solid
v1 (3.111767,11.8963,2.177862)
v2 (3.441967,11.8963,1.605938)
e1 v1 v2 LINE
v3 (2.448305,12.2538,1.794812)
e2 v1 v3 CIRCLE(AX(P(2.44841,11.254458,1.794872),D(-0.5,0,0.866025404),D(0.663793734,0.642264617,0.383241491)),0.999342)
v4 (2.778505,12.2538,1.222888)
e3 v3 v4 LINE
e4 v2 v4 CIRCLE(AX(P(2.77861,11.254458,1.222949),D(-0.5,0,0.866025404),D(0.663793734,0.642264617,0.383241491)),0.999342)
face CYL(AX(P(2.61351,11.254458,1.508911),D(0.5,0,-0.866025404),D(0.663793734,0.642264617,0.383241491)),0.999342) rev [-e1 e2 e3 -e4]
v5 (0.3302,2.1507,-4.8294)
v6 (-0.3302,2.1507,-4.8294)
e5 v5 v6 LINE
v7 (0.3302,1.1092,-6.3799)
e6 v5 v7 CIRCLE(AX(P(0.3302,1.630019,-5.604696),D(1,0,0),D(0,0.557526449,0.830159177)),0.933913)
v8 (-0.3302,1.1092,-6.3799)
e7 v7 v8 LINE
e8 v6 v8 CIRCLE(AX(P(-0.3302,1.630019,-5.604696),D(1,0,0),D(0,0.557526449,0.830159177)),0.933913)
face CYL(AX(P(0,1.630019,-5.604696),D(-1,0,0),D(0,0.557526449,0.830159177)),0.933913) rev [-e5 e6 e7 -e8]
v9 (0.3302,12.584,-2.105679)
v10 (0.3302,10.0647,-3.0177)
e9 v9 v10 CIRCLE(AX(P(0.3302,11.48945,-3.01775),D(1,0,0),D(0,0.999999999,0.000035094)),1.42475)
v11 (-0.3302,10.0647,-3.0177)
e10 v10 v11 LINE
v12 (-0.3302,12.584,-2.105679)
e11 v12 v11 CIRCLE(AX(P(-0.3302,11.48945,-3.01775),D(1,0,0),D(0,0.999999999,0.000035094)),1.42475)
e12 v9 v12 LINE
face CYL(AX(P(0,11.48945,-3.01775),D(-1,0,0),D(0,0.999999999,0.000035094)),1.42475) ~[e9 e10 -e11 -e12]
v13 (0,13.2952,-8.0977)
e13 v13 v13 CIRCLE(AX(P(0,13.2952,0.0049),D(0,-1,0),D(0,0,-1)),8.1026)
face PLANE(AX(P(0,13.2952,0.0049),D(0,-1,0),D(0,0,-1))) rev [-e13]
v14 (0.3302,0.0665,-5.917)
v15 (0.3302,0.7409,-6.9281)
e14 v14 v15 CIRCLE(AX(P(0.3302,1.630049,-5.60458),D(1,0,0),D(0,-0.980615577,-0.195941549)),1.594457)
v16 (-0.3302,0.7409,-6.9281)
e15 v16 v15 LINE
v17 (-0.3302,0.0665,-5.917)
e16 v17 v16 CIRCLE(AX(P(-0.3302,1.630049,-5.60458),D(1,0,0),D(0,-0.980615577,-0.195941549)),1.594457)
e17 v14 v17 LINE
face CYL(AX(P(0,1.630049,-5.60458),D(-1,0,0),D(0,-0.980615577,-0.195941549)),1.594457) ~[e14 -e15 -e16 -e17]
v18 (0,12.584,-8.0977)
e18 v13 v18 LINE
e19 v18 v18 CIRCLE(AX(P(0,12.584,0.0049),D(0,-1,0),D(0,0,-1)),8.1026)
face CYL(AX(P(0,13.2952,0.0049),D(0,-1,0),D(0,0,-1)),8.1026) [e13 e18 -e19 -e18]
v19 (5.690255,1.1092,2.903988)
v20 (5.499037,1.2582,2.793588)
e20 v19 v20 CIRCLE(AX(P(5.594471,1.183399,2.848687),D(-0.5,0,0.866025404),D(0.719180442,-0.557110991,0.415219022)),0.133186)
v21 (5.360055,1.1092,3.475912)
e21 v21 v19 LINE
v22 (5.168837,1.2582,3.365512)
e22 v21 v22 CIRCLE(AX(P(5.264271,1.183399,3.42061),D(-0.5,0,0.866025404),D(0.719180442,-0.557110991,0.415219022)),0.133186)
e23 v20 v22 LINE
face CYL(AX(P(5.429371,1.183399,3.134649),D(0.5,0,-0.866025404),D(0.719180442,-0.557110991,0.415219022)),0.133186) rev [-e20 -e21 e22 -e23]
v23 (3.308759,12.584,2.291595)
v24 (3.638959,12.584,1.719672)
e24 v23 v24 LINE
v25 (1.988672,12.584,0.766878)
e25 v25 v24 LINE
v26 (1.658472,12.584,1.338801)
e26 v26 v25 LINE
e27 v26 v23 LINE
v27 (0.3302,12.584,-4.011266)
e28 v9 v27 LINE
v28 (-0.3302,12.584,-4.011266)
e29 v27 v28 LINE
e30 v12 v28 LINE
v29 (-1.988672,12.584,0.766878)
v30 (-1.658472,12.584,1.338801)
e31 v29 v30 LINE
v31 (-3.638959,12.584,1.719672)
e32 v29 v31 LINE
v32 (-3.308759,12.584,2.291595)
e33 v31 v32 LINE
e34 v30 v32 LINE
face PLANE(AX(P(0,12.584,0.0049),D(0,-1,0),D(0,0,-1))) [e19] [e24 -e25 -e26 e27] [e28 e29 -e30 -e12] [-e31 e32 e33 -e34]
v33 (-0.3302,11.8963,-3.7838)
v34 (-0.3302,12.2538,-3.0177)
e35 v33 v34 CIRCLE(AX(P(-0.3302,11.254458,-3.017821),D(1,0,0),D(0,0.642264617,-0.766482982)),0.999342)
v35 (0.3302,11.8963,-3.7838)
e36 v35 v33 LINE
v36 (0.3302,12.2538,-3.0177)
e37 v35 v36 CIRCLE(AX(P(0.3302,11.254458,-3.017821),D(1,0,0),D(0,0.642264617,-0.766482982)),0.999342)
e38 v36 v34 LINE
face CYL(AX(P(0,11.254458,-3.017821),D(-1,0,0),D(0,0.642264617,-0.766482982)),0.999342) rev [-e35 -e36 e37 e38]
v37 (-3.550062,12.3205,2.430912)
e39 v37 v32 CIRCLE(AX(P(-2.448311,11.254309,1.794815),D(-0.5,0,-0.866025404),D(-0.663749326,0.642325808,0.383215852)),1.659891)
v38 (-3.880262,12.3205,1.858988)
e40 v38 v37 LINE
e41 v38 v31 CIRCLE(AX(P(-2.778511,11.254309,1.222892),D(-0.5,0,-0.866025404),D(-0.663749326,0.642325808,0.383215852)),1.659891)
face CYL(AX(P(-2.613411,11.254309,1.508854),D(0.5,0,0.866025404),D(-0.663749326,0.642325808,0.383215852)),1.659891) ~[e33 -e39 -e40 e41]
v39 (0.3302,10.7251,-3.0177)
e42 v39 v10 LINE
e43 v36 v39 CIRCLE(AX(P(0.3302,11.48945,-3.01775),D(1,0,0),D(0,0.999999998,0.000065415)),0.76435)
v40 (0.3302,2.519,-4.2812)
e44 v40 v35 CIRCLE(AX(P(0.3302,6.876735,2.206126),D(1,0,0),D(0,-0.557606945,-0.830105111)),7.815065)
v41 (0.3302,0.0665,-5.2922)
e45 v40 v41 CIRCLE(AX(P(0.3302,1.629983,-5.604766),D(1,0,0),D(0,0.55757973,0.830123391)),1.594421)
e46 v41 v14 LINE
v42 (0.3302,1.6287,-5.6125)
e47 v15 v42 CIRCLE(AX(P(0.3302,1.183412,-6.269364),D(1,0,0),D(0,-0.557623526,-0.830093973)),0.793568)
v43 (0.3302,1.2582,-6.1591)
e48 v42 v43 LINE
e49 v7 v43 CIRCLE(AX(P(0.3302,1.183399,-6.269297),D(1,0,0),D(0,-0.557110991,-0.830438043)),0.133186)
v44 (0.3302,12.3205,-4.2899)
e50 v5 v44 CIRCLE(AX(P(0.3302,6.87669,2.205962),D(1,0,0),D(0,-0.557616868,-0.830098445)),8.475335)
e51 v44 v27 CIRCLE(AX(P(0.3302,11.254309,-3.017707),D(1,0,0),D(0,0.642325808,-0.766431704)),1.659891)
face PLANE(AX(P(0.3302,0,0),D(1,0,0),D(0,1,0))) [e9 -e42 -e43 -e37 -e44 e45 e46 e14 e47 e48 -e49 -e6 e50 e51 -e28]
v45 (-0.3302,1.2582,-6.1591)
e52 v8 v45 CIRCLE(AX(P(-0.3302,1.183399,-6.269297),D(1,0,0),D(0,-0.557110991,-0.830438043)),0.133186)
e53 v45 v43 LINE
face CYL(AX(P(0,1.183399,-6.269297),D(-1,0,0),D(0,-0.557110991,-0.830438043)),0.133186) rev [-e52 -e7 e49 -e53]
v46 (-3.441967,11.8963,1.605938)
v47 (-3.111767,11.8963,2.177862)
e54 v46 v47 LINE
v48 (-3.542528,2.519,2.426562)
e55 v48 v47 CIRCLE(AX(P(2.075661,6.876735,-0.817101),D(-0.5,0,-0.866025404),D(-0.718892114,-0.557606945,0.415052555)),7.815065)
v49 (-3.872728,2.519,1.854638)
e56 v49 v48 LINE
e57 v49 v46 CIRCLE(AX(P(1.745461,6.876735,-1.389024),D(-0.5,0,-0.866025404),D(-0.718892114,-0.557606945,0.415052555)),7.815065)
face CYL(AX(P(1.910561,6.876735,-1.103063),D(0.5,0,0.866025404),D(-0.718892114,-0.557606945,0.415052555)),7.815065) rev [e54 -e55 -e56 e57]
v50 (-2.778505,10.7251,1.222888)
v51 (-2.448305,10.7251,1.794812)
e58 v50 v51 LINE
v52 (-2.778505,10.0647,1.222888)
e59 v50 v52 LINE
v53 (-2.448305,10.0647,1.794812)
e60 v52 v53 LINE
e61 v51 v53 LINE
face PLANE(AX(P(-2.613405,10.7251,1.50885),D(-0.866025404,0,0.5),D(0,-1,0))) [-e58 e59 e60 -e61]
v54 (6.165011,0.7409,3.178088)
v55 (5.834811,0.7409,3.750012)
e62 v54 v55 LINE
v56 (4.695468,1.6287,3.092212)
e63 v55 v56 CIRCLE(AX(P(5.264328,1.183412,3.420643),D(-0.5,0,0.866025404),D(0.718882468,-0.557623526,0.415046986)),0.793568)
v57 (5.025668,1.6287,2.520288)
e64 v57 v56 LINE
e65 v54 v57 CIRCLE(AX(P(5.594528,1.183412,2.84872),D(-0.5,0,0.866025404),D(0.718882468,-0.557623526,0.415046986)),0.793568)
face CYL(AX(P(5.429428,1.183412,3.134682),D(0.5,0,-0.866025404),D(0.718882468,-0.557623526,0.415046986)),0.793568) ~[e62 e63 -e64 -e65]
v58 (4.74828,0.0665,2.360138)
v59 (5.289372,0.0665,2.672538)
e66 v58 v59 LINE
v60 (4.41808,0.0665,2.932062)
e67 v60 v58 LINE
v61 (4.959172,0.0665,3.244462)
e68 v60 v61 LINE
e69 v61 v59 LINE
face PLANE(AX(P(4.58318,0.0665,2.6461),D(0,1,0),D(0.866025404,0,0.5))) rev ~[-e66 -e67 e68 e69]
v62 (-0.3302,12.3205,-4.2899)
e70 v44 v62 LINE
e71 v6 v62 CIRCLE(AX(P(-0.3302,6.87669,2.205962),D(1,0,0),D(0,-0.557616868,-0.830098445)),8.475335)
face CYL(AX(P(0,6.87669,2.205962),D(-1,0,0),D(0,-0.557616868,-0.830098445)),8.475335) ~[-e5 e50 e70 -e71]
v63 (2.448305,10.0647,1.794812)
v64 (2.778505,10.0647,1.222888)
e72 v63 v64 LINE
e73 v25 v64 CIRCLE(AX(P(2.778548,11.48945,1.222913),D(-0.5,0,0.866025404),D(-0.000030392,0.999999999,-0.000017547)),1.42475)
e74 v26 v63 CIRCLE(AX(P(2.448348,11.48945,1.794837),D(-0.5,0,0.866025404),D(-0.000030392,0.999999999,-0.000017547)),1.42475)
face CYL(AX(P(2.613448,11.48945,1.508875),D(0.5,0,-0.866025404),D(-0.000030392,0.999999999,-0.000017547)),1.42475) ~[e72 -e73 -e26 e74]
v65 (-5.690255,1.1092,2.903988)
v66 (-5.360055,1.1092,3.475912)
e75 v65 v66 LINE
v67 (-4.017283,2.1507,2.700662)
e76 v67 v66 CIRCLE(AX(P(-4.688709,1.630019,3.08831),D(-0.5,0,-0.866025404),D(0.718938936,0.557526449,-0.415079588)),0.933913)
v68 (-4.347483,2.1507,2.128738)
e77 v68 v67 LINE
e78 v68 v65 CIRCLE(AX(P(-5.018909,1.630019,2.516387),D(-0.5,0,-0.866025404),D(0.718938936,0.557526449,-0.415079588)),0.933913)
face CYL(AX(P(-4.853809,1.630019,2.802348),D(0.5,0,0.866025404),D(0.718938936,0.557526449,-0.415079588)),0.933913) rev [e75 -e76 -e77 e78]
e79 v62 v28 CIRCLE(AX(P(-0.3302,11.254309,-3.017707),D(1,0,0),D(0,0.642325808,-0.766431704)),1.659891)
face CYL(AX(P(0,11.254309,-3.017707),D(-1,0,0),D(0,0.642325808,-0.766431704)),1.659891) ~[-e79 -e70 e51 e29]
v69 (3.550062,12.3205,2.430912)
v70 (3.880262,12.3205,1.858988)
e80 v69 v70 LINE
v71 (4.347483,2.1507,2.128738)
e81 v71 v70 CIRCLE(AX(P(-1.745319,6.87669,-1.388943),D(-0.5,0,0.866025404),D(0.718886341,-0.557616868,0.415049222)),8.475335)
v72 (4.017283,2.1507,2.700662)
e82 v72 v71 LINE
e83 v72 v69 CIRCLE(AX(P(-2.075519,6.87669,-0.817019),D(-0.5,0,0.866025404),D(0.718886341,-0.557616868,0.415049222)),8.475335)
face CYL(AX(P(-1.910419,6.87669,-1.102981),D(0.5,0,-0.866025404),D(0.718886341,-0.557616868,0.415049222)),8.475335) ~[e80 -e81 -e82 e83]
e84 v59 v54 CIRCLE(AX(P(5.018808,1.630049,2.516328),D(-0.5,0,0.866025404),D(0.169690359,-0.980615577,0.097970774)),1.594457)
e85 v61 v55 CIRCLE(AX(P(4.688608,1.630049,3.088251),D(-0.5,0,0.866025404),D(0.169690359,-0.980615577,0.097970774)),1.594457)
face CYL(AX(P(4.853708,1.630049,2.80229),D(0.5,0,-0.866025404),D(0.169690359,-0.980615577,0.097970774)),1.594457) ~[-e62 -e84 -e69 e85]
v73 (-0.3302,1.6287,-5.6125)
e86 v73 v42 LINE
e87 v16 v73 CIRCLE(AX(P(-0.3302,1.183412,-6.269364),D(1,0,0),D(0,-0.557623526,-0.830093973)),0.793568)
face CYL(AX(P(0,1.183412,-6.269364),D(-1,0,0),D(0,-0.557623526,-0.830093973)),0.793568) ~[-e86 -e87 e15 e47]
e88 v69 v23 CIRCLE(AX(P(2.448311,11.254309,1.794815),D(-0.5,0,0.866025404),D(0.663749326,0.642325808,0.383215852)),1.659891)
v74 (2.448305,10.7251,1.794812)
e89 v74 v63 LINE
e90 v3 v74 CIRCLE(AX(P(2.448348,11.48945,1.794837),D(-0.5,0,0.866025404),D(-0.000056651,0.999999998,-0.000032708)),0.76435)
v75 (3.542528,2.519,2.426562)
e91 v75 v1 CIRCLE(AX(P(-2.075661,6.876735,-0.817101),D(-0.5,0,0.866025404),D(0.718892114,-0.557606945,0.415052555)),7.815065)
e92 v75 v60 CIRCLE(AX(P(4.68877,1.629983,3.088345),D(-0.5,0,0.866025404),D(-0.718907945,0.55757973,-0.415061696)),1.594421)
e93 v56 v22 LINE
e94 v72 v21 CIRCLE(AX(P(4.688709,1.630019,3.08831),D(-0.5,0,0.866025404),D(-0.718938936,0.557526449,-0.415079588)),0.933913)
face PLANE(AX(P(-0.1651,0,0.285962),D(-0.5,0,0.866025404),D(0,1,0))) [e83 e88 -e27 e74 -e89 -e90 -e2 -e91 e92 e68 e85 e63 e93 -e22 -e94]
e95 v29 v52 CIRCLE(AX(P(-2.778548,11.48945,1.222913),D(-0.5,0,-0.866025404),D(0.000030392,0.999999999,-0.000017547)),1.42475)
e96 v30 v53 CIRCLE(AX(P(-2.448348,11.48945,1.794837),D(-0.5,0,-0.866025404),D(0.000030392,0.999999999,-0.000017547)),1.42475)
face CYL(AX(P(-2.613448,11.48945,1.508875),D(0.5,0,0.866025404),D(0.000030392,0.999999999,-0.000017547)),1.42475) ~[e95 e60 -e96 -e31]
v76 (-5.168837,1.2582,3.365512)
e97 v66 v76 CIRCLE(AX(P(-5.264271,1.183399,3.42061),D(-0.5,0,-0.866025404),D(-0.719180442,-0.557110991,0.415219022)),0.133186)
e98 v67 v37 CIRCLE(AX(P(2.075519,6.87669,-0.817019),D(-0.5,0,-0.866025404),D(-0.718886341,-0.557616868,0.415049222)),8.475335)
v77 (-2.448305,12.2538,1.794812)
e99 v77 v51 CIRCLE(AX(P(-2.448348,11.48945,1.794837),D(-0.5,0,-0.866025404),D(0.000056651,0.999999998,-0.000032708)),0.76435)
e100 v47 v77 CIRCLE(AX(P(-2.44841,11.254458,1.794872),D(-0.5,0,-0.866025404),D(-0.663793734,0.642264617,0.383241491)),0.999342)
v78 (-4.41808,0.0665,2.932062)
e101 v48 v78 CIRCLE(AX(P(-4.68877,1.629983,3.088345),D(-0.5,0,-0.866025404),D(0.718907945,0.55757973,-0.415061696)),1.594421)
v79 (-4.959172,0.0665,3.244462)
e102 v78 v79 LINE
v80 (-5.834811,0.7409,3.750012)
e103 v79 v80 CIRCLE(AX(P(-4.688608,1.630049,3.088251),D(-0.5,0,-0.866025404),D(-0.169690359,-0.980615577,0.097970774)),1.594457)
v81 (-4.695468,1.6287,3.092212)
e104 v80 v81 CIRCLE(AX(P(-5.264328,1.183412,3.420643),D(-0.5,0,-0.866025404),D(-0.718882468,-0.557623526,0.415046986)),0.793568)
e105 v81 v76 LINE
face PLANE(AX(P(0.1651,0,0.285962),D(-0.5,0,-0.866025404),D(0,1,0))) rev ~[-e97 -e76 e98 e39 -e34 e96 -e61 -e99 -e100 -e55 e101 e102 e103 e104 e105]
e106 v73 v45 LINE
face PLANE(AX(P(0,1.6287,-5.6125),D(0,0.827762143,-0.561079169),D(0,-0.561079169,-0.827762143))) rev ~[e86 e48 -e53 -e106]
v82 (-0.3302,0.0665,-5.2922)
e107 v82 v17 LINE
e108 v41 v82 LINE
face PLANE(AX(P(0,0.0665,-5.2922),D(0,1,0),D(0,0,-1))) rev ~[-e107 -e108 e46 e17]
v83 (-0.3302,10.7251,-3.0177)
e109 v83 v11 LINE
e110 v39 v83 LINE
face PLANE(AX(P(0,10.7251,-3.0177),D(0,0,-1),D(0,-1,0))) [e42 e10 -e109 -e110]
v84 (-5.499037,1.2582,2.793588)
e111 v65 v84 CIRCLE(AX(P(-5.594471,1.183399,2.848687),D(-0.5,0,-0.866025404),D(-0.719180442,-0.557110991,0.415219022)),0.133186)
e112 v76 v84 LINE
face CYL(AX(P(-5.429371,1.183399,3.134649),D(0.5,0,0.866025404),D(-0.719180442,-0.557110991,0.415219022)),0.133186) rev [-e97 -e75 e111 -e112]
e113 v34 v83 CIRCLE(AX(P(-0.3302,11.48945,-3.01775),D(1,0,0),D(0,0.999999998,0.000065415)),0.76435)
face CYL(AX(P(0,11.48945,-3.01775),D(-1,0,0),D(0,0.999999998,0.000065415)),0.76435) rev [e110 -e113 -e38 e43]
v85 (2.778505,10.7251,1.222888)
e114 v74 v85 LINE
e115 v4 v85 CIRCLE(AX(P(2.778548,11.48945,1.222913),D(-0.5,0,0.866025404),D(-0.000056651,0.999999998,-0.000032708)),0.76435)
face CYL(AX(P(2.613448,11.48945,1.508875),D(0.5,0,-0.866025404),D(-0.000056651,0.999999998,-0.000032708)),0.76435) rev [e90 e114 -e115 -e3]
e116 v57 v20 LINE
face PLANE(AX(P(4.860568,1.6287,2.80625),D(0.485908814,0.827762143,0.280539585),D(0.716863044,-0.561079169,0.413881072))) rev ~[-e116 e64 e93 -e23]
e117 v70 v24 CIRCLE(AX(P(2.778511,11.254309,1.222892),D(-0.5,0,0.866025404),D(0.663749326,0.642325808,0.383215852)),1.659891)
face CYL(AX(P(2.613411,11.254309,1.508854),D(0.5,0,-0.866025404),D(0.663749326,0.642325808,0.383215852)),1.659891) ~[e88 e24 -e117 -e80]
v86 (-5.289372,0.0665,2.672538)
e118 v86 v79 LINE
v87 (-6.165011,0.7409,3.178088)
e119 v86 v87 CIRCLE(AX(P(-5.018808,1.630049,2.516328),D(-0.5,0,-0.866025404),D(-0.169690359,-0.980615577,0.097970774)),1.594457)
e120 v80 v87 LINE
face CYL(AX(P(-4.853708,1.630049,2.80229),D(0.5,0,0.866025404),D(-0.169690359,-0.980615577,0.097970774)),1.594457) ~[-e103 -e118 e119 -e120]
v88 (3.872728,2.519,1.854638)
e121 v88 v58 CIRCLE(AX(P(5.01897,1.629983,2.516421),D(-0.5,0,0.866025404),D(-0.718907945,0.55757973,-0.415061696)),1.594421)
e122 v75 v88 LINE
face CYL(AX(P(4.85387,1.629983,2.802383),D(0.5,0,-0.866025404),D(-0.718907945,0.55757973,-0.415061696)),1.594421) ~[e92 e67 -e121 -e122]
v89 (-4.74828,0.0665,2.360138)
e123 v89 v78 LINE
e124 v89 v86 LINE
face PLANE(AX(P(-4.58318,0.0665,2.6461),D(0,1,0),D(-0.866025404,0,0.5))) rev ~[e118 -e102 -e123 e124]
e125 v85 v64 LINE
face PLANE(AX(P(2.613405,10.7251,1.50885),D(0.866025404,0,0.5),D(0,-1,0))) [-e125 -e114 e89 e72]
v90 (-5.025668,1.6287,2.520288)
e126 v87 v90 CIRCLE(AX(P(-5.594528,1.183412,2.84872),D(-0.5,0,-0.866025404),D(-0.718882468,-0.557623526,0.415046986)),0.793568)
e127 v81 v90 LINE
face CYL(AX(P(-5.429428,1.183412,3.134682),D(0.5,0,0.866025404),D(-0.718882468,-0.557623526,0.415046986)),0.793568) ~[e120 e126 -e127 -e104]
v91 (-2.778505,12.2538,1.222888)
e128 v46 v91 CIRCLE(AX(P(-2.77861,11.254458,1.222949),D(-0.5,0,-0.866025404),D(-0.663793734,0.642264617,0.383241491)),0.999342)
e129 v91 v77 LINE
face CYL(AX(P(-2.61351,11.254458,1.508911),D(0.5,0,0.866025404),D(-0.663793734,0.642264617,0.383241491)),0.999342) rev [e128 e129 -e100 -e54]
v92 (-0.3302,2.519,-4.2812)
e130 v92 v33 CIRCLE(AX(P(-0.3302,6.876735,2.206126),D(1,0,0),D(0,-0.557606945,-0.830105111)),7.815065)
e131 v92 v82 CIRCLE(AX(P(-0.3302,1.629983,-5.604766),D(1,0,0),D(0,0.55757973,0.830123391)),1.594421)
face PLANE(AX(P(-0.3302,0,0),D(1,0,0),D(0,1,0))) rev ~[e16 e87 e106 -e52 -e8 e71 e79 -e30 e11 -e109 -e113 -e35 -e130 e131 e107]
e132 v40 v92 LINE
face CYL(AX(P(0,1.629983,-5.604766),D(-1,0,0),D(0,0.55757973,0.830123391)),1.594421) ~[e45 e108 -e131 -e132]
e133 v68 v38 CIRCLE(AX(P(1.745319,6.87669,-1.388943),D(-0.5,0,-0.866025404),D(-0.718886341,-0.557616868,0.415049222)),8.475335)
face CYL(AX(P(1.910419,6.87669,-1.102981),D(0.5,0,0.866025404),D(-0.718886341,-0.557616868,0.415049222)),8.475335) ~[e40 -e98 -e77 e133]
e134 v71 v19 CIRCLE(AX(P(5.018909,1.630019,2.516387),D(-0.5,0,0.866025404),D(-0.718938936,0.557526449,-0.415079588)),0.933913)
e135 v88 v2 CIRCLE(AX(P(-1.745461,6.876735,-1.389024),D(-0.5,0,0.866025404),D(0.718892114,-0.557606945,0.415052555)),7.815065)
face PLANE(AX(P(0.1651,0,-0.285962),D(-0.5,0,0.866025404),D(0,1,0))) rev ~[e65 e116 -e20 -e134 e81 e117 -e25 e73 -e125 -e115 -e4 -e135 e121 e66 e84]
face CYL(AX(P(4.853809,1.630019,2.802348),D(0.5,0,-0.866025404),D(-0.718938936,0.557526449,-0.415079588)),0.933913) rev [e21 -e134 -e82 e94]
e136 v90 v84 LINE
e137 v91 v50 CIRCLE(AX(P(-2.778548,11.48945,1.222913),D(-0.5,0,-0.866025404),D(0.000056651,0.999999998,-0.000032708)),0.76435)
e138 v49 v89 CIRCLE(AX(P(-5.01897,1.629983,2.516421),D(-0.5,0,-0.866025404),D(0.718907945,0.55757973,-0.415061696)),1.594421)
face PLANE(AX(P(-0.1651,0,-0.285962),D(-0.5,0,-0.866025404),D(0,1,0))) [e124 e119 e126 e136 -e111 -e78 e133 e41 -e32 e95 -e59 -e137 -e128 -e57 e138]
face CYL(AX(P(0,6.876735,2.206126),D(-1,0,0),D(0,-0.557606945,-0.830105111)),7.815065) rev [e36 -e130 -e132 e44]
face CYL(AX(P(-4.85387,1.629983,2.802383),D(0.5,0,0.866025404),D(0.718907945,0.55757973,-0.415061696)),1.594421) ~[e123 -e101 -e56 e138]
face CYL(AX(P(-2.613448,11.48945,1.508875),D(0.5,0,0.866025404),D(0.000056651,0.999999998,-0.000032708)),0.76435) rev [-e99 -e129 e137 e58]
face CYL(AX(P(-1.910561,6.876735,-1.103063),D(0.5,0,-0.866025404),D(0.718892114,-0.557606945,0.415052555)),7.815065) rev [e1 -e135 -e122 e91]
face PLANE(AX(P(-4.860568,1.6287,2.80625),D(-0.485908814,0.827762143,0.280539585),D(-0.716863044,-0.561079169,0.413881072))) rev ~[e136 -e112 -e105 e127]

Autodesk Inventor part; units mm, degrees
ref_plane "YZ Plane" through (0, 0, 0) normal (1, 0, 0) x (0, 1, 0)
ref_plane "XZ Plane" through (0, 0, 0) normal (0, 1, 0) x (-1, 0, 0)
ref_plane "XY Plane" through (0, 0, 0) normal (0, 0, 1) x (1, 0, 0)
sketch "Sketch1" plane through (0, 0, 0) normal (1, 0, 0) x (0, 1, 0)
  arc A0 (0.7409, -6.9281) -> (1.6287, -5.6125) centre (1.1834, -6.2693) ccw
  line L0 (1.6287, -5.6125) -> (1.2582, -6.1591)
  line L1 (0.7409, -6.9281) -> (1.1092, -6.3799) construction
  line L2 (2.519, -4.2812) -> (2.1507, -4.8294) construction
  arc A1 (1.1092, -6.3799) -> (1.2582, -6.1591) centre (1.1834, -6.2693) ccw
  arc A2 (2.1507, -4.8294) -> (1.1092, -6.3799) centre (1.63, -5.6046) ccw
  arc A3 (2.1507, -4.8294) -> (12.3205, -4.2899) centre (6.8767, 2.206) ccw
  arc A4 (2.519, -4.2812) -> (11.8963, -3.7838) centre (6.8767, 2.206) ccw
  arc A5 (12.3205, -4.2899) -> (12.9142, -3.0177) centre (11.2543, -3.0177) ccw
  arc A6 (11.8963, -3.7838) -> (12.2538, -3.0177) centre (11.2543, -3.0177) ccw
  line L3 (11.8963, -3.7838) -> (12.3205, -4.2899) construction
  line L4 (12.2538, -3.0177) -> (12.9142, -3.0177) construction
  arc A7 (12.2538, -3.0177) -> (10.7251, -3.0177) centre (11.4895, -3.0177) ccw
  line L5 (10.7251, -3.0177) -> (10.0647, -3.0177)
  arc A8 (12.9142, -3.0177) -> (10.0647, -3.0177) centre (11.4895, -3.0177) ccw
  line L6 (0.0665, -5.2922) -> (0.0665, -5.917)
  arc A9 (2.519, -4.2812) -> (0.0665, -5.2922) centre (1.63, -5.6046) ccw
  arc A10 (0.0665, -5.917) -> (0.7409, -6.9281) centre (1.63, -5.6046) ccw
  point P0 (0, 0)
  point P1 (12.584, -3.0177)
  dimension "d10" = 0.6604
  dimension "d11" = 0.6604
  dimension "d12" = 0.6604
  dimension "d15" = 0.6604
extrude "leg" add sketch "Sketch1" along normal mid plane 0.6604
pattern_circular "Circular Pattern1" count 3 over 360 about axis through (0, -10, 0) along (0, 1, 0) of "leg"
sketch "Sketch2" plane through (0, 0, 0) normal (1, 0, 0) x (0, 1, 0)
  arc A0 (11.8963, -3.7838) -> (12.2538, -3.0177) centre (11.2543, -3.0177) ccw projected
  arc A1 (12.3205, -4.2899) -> (12.9142, -3.0177) centre (11.2543, -3.0177) ccw projected
  arc A2 (11.8963, -3.7838) -> (12.2538, -3.0177) centre (11.2543, -3.0177) ccw projected
  line L0 (12.2538, -3.0177) -> (12.9142, -3.0177)
  line L1 (12.584, -3.0177) -> (13.2952, -3.0177) construction
  line L2 (13.2952, -3.0177) -> (13.2952, 0.0049)
  line L3 (13.2952, 0.0049) -> (12.584, 0.0049)
  line L4 (12.584, 0.0049) -> (12.584, -3.0177)
  line L5 (13.2952, -3.0177) -> (13.2952, -8.0977)
  line L6 (13.2952, -8.0977) -> (12.584, -8.0977)
  line L7 (12.584, -8.0977) -> (12.584, -3.0177)
  point P0 (0, 0)
  dimension "d21" = 0.7112
  dimension "d22" = 3.0226
  dimension "d23" = 5.08
revolve "Revolution1" add sketch "Sketch2" angle 360 about axis through (0, 13.2952, 0.0049) along (0, -1, 0)
properties part number "table round"
